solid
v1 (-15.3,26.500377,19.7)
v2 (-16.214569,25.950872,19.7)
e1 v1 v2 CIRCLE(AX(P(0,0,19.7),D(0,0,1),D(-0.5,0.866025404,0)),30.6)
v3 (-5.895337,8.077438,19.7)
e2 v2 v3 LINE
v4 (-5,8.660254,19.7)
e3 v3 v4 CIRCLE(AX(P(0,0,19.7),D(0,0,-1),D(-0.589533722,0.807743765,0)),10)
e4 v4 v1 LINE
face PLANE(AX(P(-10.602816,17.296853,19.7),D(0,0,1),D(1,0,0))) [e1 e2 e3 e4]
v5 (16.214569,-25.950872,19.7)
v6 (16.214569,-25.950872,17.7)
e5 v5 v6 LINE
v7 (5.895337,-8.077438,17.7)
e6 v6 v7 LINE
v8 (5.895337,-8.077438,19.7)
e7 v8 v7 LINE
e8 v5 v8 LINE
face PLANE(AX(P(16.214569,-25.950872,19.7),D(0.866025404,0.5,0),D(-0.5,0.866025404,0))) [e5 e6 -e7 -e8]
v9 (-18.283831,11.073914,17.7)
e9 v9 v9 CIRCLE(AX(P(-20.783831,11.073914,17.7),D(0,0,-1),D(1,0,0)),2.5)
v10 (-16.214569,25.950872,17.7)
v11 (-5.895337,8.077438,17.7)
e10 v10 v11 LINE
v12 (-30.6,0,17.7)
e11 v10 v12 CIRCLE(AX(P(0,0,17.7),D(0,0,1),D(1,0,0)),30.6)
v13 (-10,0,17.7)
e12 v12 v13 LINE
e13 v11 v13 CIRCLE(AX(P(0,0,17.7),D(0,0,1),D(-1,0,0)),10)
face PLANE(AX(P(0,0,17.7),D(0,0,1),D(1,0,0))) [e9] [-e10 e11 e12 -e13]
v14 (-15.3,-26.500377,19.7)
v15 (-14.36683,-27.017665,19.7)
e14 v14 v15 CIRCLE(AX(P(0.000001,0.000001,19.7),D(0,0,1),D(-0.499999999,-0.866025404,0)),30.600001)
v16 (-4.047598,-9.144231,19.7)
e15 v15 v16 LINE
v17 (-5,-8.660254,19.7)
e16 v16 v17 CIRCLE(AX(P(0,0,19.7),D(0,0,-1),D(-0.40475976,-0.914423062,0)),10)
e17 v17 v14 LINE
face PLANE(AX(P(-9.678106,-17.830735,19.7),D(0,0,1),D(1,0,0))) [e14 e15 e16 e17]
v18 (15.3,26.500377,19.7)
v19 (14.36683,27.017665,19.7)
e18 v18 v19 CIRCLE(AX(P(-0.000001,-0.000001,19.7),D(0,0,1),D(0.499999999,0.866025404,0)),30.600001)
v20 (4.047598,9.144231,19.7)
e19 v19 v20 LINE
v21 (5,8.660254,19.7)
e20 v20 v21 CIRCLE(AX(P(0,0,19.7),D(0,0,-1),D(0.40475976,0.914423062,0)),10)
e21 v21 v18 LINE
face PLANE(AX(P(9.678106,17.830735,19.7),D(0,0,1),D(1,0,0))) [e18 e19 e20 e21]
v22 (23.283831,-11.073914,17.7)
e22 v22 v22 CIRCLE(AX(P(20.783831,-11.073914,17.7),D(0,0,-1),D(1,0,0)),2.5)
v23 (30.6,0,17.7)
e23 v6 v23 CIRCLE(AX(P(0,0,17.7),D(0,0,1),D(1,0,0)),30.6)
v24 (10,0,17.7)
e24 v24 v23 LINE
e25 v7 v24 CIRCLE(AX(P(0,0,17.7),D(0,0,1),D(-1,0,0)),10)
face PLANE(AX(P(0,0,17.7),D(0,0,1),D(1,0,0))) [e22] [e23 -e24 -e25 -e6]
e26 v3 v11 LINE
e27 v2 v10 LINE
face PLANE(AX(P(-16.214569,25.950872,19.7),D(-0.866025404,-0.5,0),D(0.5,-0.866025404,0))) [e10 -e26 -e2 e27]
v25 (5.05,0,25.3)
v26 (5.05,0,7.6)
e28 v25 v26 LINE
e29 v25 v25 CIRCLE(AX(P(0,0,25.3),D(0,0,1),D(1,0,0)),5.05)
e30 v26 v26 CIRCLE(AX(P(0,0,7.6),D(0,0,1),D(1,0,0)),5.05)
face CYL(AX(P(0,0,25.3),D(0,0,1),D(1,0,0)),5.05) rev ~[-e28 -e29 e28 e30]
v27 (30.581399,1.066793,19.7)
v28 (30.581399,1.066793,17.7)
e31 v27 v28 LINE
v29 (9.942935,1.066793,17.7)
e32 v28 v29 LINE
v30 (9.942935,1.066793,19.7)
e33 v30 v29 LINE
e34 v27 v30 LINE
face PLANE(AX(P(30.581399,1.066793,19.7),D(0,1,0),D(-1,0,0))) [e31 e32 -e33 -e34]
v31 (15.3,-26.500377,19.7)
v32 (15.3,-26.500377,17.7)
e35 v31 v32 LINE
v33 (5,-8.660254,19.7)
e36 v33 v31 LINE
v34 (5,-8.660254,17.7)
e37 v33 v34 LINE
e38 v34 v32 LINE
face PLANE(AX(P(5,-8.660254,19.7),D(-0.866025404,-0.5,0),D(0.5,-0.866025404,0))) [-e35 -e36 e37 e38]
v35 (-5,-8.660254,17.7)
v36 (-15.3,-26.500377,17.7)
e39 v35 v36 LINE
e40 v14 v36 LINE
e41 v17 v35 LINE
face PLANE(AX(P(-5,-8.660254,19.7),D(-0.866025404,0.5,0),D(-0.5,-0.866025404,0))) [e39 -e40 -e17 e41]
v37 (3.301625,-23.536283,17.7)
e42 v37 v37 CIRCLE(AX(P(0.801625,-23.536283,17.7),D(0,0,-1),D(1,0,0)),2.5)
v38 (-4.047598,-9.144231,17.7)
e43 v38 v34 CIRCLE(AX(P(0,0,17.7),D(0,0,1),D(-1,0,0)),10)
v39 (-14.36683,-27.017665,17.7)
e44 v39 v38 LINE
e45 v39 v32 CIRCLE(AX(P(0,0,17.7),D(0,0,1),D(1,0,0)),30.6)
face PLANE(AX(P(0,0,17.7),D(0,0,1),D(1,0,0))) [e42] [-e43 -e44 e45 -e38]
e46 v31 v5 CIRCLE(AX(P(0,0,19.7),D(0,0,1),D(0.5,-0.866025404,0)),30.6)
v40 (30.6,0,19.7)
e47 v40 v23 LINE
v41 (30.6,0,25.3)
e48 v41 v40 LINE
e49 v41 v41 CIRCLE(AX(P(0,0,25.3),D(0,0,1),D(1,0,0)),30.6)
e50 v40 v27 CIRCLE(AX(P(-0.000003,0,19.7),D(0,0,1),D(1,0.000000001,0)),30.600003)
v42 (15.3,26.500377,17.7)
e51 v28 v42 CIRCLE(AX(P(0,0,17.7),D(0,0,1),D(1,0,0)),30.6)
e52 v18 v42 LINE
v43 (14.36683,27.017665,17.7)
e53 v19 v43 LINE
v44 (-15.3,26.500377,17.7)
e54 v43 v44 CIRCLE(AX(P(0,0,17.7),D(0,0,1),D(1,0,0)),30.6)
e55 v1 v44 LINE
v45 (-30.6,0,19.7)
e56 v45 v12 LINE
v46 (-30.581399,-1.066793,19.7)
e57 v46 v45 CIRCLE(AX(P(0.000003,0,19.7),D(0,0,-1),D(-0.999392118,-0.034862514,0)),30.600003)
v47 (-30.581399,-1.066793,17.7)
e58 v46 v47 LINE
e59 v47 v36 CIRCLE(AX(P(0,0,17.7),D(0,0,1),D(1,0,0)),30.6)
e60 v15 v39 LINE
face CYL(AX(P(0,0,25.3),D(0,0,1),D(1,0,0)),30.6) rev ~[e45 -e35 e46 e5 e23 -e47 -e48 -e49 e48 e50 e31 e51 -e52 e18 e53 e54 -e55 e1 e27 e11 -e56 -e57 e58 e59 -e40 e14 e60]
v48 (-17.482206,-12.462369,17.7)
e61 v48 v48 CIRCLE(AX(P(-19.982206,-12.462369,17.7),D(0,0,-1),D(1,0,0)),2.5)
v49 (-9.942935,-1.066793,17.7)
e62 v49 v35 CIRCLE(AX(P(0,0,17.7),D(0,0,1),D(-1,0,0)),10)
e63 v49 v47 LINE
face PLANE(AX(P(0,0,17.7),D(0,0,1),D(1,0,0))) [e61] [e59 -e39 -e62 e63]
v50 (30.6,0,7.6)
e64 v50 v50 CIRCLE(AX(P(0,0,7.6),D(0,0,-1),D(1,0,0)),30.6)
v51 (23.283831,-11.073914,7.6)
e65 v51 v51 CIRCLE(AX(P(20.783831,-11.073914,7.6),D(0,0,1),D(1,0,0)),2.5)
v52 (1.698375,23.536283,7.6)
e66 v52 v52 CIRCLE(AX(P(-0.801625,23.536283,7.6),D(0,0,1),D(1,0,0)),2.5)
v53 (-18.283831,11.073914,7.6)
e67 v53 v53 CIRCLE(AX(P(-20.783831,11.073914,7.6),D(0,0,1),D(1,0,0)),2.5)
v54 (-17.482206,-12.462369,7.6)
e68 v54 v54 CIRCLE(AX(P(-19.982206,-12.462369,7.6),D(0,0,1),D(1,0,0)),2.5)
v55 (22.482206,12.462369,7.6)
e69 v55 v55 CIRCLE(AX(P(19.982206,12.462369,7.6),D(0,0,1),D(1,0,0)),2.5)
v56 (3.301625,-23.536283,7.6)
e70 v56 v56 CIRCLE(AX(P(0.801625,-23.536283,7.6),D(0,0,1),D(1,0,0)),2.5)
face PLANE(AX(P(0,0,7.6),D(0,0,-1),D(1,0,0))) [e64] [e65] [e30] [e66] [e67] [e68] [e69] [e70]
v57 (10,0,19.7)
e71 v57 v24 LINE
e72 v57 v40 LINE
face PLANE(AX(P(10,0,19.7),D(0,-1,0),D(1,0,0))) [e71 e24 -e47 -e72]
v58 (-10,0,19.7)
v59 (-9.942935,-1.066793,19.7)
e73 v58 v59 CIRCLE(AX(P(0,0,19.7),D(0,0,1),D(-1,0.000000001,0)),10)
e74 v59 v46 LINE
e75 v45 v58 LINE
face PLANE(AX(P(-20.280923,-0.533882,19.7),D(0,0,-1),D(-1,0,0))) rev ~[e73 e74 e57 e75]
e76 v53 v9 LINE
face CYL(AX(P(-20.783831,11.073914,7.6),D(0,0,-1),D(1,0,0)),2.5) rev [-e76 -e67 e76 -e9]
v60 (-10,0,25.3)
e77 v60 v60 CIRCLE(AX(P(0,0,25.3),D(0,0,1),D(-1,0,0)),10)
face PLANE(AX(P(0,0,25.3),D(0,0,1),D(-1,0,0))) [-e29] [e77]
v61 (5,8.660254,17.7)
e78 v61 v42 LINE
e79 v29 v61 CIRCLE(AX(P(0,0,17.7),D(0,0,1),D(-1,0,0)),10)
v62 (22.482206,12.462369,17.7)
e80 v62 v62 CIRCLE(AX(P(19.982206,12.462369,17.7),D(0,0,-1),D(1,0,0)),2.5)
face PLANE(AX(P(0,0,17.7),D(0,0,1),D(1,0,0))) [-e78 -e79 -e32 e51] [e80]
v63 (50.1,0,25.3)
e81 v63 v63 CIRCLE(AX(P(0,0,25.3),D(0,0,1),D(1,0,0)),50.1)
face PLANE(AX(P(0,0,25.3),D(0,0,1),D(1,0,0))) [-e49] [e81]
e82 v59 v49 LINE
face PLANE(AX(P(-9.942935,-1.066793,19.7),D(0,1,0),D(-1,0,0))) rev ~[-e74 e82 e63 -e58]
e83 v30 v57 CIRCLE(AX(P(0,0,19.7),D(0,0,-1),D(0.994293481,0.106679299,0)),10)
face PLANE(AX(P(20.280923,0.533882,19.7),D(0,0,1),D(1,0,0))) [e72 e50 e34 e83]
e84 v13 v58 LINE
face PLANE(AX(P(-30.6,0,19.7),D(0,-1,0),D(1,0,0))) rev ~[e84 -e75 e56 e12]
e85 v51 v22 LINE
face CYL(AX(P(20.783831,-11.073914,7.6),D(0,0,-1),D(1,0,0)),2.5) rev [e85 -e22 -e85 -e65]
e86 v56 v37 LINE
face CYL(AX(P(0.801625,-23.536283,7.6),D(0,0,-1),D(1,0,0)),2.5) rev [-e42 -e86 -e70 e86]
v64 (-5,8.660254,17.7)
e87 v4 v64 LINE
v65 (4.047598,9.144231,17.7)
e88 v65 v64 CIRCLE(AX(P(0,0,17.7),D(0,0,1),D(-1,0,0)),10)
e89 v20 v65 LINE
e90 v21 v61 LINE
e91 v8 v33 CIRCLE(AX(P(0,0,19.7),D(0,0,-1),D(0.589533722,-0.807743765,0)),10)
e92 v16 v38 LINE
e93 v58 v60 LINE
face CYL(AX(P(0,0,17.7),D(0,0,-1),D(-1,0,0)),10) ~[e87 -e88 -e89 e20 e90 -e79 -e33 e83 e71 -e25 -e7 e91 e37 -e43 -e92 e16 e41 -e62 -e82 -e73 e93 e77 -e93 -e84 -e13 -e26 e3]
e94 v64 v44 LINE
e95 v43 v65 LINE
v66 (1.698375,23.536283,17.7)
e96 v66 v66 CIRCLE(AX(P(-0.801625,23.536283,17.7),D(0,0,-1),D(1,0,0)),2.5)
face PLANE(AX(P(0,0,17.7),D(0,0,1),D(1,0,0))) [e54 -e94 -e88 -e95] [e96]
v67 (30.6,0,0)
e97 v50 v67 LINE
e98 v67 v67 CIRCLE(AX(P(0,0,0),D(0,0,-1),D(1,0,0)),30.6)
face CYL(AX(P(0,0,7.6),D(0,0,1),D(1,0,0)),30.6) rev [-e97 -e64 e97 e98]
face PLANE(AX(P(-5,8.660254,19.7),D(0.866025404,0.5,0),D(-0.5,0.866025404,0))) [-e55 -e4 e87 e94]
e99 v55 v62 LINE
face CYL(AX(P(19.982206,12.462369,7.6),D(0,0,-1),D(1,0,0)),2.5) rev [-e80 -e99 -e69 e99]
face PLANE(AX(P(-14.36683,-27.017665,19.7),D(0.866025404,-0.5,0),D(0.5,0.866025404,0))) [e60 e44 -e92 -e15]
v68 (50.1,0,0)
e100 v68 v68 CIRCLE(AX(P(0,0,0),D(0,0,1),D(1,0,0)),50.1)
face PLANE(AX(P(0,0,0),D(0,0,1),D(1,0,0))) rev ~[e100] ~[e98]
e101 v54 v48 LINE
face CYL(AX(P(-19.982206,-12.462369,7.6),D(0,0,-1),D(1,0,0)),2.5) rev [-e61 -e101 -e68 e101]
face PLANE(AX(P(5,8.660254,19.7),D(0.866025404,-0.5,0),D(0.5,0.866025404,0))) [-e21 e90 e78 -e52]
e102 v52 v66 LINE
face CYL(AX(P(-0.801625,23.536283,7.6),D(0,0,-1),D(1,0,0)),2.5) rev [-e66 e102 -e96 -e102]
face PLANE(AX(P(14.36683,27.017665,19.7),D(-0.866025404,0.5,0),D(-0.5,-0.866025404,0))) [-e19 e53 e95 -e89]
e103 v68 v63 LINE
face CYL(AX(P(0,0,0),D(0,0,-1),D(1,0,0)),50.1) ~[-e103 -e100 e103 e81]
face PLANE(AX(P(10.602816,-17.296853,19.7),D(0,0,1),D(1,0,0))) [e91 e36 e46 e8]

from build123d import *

# Parameters (mm, degrees)
SKETCH1_R           = 50.1
BOSS_EXTRUDE5_DEPTH = 25.3
SKETCH4_R           = 30.6
CUT_EXTRUDE1_DEPTH  = 7.6
CUT_EXTRUDE2_START  = -7.6
SKETCH5_R           = 30.6
CUT_EXTRUDE2_DEPTH  = 7.6
SKETCH6_R           = 10
BOSS_EXTRUDE7_DEPTH = 7.6
SKETCH7_R           = 5.05
CUT_EXTRUDE5_DEPTH  = 10000
BOSS_EXTRUDE8_START = 2
BOSS_EXTRUDE8_DEPTH = 2
SKETCH9_R           = 2.5
CUT_EXTRUDE11_DEPTH = 74.029514581


with BuildPart() as part:
    # Sketch1 → Boss-Extrude5 (new body)
    with BuildSketch(Plane.XY):
        Circle(SKETCH1_R)
    extrude(amount=BOSS_EXTRUDE5_DEPTH)

    # Sketch4 → Cut-Extrude1 (cut)
    with BuildSketch(Plane.XY.offset(25.3)):
        Circle(SKETCH4_R)
    extrude(amount=-CUT_EXTRUDE1_DEPTH, mode=Mode.SUBTRACT)

    # Sketch5 → Cut-Extrude2 (cut)
    with BuildSketch(Plane(origin=(0, 0, 0), x_dir=(-1, 0, 0), z_dir=(0, 0, -1)).offset(CUT_EXTRUDE2_START)):
        with Locations(Location((0, 0, 0), (0, 0, 180))):
            Circle(SKETCH5_R)
    extrude(amount=CUT_EXTRUDE2_DEPTH, mode=Mode.SUBTRACT)

    # Sketch6 → Boss-Extrude7 (add)
    with BuildSketch(Plane.XY.offset(17.7)):
        with Locations(Location((0, 0, 0), (0, 0, 180))):
            Circle(SKETCH6_R)
    extrude(amount=BOSS_EXTRUDE7_DEPTH)

    # Sketch7 → Cut-Extrude5 (cut)
    with BuildSketch(Plane.XY.offset(25.3)):
        Circle(SKETCH7_R)
    extrude(amount=-CUT_EXTRUDE5_DEPTH, mode=Mode.SUBTRACT)

    # Sketch8 → Boss-Extrude8 (add)
    with BuildSketch(Plane.XY.offset(17.7).offset(BOSS_EXTRUDE8_START)):
        with BuildLine():
            Line((-30.6, 0), (-10, 0))
            ThreePointArc((-10, 0), (-9.985723513, -0.534159082), (-9.942934815, -1.066792981))
            Line((-9.942934815, -1.066792981), (-30.581398803, -1.066792981))
            ThreePointArc((-30.581398803, -1.066792981), (-30.595349347, -0.53347757), (-30.6, 0))
        make_face()
        with BuildLine():
            Line((-16.214569224, 25.950871756), (-5.89533723, 8.077437647))
            ThreePointArc((-5.89533723, 8.077437647), (-5.455457091, 8.380810696), (-5, 8.660254038))
            Line((-5, 8.660254038), (-15.3, 26.500377356))
            ThreePointArc((-15.3, 26.500377356), (-15.759679801, 26.229610988), (-16.214569224, 25.950871756))
        make_face()
        with BuildLine():
            Line((14.366829579, 27.017664737), (4.047597585, 9.144230629))
            ThreePointArc((4.047597585, 9.144230629), (4.530266422, 8.914969778), (5, 8.660254038))
            Line((5, 8.660254038), (15.3, 26.500377356))
            ThreePointArc((15.3, 26.500377356), (14.835669546, 26.763088557), (14.366829579, 27.017664737))
        make_face()
        with BuildLine():
            Line((30.581398803, 1.066792981), (9.942934815, 1.066792981))
            ThreePointArc((9.942934815, 1.066792981), (9.985723513, 0.534159082), (10, 0))
            Line((10, 0), (30.6, 0))
            ThreePointArc((30.6, 0), (30.595349347, 0.53347757), (30.581398803, 1.066792981))
        make_face()
        with BuildLine():
            Line((16.214569224, -25.950871756), (5.89533723, -8.077437647))
            ThreePointArc((5.89533723, -8.077437647), (5.455457091, -8.380810696), (5, -8.660254038))
            Line((5, -8.660254038), (15.3, -26.500377356))
            ThreePointArc((15.3, -26.500377356), (15.759679801, -26.229610988), (16.214569224, -25.950871756))
        make_face()
        with BuildLine():
            Line((-14.366829579, -27.017664737), (-4.047597585, -9.144230629))
            ThreePointArc((-4.047597585, -9.144230629), (-4.530266422, -8.914969778), (-5, -8.660254038))
            Line((-5, -8.660254038), (-15.3, -26.500377356))
            ThreePointArc((-15.3, -26.500377356), (-14.835669546, -26.763088557), (-14.366829579, -27.017664737))
        make_face()
    extrude(amount=-BOSS_EXTRUDE8_DEPTH)

    # Sketch9 → Cut-Extrude11 (cut, through all)
    with BuildSketch(Plane.XY.offset(7.6)):
        with Locations((-19.982206185, -12.462368817)):
            Circle(SKETCH9_R)
        with Locations((-20.783831079, 11.073913771)):
            Circle(SKETCH9_R)
        with Locations((-0.801624894, 23.536282588)):
            Circle(SKETCH9_R)
        with Locations((19.982206185, 12.462368817)):
            Circle(SKETCH9_R)
        with Locations((20.783831079, -11.073913771)):
            Circle(SKETCH9_R)
        with Locations((0.801624894, -23.536282588)):
            Circle(SKETCH9_R)
    extrude(amount=CUT_EXTRUDE11_DEPTH, mode=Mode.SUBTRACT)


solid = part.part
